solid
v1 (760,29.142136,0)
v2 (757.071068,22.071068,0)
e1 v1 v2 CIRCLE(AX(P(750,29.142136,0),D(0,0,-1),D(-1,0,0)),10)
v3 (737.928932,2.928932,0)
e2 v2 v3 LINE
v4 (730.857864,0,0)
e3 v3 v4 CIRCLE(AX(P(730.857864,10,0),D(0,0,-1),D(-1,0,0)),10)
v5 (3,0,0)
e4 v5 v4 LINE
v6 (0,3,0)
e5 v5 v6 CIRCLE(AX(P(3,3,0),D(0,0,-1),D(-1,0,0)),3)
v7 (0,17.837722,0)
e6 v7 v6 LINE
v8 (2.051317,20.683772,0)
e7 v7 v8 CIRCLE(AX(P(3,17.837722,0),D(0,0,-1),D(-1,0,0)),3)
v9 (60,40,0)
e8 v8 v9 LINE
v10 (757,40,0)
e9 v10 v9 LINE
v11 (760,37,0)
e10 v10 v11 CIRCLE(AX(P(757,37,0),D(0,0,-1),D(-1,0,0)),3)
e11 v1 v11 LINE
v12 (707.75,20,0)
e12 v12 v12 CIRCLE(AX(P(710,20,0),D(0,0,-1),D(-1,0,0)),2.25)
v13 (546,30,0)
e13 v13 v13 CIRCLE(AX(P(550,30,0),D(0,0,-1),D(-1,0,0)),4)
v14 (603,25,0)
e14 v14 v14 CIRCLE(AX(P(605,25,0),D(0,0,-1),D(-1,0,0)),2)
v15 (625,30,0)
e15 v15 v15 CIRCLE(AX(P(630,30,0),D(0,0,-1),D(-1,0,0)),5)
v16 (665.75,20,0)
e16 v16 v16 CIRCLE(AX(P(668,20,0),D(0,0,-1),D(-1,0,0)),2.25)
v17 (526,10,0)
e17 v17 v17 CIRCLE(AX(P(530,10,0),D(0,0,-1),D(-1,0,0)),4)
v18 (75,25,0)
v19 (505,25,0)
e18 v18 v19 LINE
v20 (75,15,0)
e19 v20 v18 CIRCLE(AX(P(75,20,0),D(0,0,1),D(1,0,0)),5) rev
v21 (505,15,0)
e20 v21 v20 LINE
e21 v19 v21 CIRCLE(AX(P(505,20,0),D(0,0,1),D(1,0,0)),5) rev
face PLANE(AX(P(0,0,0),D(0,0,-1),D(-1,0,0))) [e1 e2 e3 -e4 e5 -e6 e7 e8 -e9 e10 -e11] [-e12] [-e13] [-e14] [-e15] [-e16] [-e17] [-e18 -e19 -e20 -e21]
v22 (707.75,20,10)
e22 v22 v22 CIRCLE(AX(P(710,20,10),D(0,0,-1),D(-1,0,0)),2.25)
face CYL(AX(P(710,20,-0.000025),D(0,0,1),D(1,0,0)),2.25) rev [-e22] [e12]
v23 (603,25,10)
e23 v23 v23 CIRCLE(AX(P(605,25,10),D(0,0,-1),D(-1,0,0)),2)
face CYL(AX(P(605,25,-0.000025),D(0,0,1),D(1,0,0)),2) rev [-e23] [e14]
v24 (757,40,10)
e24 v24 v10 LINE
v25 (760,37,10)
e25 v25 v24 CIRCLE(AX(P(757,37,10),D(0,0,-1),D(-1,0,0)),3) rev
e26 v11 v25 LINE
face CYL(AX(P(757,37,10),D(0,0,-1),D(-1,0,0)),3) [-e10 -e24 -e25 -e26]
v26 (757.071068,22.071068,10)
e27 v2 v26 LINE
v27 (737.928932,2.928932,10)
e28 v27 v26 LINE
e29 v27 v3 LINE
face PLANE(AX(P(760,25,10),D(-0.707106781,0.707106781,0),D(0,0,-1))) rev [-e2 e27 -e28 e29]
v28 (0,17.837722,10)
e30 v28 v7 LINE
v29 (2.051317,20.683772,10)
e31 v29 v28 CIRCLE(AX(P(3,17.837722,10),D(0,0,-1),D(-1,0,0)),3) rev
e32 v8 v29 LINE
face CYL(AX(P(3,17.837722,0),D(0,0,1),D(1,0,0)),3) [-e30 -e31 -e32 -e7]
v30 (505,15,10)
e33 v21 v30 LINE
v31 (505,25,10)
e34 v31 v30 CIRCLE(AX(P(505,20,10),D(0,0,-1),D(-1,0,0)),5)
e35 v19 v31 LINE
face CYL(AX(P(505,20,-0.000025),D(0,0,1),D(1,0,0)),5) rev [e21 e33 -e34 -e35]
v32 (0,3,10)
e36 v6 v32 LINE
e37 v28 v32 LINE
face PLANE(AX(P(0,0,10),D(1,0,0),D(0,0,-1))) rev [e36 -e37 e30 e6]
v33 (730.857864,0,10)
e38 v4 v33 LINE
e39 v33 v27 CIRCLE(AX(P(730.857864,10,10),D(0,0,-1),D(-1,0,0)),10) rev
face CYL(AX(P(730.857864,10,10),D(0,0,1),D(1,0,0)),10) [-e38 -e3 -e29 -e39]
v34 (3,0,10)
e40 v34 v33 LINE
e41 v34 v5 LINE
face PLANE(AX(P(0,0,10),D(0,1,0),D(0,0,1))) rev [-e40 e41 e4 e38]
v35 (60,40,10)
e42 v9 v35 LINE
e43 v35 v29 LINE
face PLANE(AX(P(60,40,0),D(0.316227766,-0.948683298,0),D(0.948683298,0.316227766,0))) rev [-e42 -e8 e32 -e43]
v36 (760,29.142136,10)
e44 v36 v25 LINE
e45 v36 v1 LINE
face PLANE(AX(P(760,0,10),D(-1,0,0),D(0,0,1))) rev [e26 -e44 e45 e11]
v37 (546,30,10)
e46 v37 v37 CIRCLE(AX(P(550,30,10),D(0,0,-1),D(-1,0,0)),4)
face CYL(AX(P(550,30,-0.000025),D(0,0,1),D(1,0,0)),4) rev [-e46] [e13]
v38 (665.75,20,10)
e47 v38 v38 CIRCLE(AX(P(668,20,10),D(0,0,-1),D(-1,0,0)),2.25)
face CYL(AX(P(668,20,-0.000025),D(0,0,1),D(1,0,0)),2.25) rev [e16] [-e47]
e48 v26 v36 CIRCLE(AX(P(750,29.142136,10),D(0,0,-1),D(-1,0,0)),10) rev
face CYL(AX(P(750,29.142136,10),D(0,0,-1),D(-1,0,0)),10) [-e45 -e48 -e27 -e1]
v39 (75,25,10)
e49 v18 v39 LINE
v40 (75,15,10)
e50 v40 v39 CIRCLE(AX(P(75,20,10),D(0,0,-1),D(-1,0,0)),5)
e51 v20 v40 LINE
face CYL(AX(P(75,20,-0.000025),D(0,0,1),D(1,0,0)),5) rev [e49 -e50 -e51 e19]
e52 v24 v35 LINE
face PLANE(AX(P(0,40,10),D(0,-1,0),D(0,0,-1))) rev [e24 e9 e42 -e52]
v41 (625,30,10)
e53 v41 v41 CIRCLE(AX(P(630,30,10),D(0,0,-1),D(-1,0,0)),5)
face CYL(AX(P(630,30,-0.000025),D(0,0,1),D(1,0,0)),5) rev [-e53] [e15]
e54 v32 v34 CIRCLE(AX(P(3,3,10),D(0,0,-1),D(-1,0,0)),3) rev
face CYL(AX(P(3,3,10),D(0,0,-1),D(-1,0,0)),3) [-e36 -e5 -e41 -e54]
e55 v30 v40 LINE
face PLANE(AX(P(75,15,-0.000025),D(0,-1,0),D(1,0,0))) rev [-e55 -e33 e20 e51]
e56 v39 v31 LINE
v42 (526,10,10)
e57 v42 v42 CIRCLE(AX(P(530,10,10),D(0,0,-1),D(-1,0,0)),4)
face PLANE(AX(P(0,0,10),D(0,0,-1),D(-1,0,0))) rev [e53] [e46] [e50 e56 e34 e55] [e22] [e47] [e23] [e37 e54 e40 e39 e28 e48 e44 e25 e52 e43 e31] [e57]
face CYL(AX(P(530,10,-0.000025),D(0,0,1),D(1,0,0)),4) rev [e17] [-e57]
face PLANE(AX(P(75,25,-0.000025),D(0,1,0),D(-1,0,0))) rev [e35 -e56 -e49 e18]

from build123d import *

# Parameters (mm, degrees)
ESQUISSE1_W                  = 760
ESQUISSE1_H                  = 40
BOSS_EXTRU_1_DEPTH           = 10
ENL_V_MAT_EXTRU_1_DEPTH      = 762.117599324
ENL_V_MAT_EXTRU_1_DEPTH_BACK = 762.117599324
ENL_V_MAT_EXTRU_2_DEPTH      = 762.117599324
ENL_V_MAT_EXTRU_2_DEPTH_BACK = 762.117599324
ENL_V_MAT_EXTRU_3_DEPTH      = 762.117599324
ENL_V_MAT_EXTRU_3_DEPTH_BACK = 762.117599324
ESQUISSE4_R                  = 4
CONG_1_R                     = 3
CHANFREIN1_SIZE              = 25
ENL_V_MAT_EXTRU_4_DEPTH      = 762.117599324
ENL_V_MAT_EXTRU_4_DEPTH_BACK = 762.117599324
ESQUISSE5_R                  = 2.25
ESQUISSE5_R_2                = 5
ESQUISSE5_R_3                = 2
CONG_2_R                     = 3
CONG_3_R                     = 10


with BuildPart() as part:
    # Esquisse1 → Boss.-Extru.1 (new body)
    with BuildSketch(Plane.XY):
        with Locations((380, 20)):
            Rectangle(ESQUISSE1_W, ESQUISSE1_H)
    extrude(amount=BOSS_EXTRU_1_DEPTH)

    # Esquisse2 → Enlèv. mat.-Extru.1 (cut, two sides: drawn at the far end of the back side and taken through both)
    with BuildSketch(Plane.XY.offset(10).offset(-ENL_V_MAT_EXTRU_1_DEPTH_BACK)):
        Polygon((0, 40), (60, 40), (0, 20), align=None)
    extrude(amount=ENL_V_MAT_EXTRU_1_DEPTH + ENL_V_MAT_EXTRU_1_DEPTH_BACK, mode=Mode.SUBTRACT)

    # Esquisse3 → Enlèv. mat.-Extru.2 (cut, two sides: drawn at the far end of the back side and taken through both)
    with BuildSketch(Plane.XY.offset(10).offset(-ENL_V_MAT_EXTRU_2_DEPTH_BACK)):
        with BuildLine():
            Line((75, 25), (505, 25))
            ThreePointArc((505, 25), (510, 20), (505, 15))
            Line((505, 15), (75, 15))
            ThreePointArc((75, 15), (70, 20), (75, 25))
        make_face()
    extrude(amount=ENL_V_MAT_EXTRU_2_DEPTH + ENL_V_MAT_EXTRU_2_DEPTH_BACK, mode=Mode.SUBTRACT)

    # Esquisse4 → Enlèv. mat.-Extru.3 (cut, two sides: drawn at the far end of the back side and taken through both)
    with BuildSketch(Plane.XY.offset(10).offset(-ENL_V_MAT_EXTRU_3_DEPTH_BACK)):
        with Locations(Location((530, 10, 0), (0, 0, 180))):
            Circle(ESQUISSE4_R)
        with Locations(Location((550, 30, 0), (0, 0, 180))):
            Circle(ESQUISSE4_R)
    extrude(amount=ENL_V_MAT_EXTRU_3_DEPTH + ENL_V_MAT_EXTRU_3_DEPTH_BACK, mode=Mode.SUBTRACT)

    # Congé1
    cong_1_edges = [part.edges().sort_by_distance(p)[0] for p in [
        (0, 20, 5),
        (0, 0, 5),
    ]]
    fillet(cong_1_edges, radius=CONG_1_R)

    # Chanfrein1
    chanfrein1_edges = [part.edges().sort_by_distance(p)[0] for p in [
        (760, 0, 5),
    ]]
    chamfer(chanfrein1_edges, length=CHANFREIN1_SIZE)

    # Esquisse5 → Enlèv. mat.-Extru.4 (cut, two sides: drawn at the far end of the back side and taken through both)
    with BuildSketch(Plane.XY.offset(10).offset(-ENL_V_MAT_EXTRU_4_DEPTH_BACK)):
        with Locations(Location((710, 20, 0), (0, 0, 180))):
            Circle(ESQUISSE5_R)
        with Locations(Location((668, 20, 0), (0, 0, 180))):
            Circle(ESQUISSE5_R)
        with Locations(Location((630, 30, 0), (0, 0, 180))):
            Circle(ESQUISSE5_R_2)
        with Locations(Location((605, 25, 0), (0, 0, 180))):
            Circle(ESQUISSE5_R_3)
    extrude(amount=ENL_V_MAT_EXTRU_4_DEPTH + ENL_V_MAT_EXTRU_4_DEPTH_BACK, mode=Mode.SUBTRACT)

    # Congé2
    cong_2_edges = [part.edges().sort_by_distance(p)[0] for p in [
        (760, 40, 5),
    ]]
    fillet(cong_2_edges, radius=CONG_2_R)

    # Congé3
    cong_3_edges = [part.edges().sort_by_distance(p)[0] for p in [
        (760, 25, 5),
        (735, 0, 5),
    ]]
    fillet(cong_3_edges, radius=CONG_3_R)


solid = part.part
